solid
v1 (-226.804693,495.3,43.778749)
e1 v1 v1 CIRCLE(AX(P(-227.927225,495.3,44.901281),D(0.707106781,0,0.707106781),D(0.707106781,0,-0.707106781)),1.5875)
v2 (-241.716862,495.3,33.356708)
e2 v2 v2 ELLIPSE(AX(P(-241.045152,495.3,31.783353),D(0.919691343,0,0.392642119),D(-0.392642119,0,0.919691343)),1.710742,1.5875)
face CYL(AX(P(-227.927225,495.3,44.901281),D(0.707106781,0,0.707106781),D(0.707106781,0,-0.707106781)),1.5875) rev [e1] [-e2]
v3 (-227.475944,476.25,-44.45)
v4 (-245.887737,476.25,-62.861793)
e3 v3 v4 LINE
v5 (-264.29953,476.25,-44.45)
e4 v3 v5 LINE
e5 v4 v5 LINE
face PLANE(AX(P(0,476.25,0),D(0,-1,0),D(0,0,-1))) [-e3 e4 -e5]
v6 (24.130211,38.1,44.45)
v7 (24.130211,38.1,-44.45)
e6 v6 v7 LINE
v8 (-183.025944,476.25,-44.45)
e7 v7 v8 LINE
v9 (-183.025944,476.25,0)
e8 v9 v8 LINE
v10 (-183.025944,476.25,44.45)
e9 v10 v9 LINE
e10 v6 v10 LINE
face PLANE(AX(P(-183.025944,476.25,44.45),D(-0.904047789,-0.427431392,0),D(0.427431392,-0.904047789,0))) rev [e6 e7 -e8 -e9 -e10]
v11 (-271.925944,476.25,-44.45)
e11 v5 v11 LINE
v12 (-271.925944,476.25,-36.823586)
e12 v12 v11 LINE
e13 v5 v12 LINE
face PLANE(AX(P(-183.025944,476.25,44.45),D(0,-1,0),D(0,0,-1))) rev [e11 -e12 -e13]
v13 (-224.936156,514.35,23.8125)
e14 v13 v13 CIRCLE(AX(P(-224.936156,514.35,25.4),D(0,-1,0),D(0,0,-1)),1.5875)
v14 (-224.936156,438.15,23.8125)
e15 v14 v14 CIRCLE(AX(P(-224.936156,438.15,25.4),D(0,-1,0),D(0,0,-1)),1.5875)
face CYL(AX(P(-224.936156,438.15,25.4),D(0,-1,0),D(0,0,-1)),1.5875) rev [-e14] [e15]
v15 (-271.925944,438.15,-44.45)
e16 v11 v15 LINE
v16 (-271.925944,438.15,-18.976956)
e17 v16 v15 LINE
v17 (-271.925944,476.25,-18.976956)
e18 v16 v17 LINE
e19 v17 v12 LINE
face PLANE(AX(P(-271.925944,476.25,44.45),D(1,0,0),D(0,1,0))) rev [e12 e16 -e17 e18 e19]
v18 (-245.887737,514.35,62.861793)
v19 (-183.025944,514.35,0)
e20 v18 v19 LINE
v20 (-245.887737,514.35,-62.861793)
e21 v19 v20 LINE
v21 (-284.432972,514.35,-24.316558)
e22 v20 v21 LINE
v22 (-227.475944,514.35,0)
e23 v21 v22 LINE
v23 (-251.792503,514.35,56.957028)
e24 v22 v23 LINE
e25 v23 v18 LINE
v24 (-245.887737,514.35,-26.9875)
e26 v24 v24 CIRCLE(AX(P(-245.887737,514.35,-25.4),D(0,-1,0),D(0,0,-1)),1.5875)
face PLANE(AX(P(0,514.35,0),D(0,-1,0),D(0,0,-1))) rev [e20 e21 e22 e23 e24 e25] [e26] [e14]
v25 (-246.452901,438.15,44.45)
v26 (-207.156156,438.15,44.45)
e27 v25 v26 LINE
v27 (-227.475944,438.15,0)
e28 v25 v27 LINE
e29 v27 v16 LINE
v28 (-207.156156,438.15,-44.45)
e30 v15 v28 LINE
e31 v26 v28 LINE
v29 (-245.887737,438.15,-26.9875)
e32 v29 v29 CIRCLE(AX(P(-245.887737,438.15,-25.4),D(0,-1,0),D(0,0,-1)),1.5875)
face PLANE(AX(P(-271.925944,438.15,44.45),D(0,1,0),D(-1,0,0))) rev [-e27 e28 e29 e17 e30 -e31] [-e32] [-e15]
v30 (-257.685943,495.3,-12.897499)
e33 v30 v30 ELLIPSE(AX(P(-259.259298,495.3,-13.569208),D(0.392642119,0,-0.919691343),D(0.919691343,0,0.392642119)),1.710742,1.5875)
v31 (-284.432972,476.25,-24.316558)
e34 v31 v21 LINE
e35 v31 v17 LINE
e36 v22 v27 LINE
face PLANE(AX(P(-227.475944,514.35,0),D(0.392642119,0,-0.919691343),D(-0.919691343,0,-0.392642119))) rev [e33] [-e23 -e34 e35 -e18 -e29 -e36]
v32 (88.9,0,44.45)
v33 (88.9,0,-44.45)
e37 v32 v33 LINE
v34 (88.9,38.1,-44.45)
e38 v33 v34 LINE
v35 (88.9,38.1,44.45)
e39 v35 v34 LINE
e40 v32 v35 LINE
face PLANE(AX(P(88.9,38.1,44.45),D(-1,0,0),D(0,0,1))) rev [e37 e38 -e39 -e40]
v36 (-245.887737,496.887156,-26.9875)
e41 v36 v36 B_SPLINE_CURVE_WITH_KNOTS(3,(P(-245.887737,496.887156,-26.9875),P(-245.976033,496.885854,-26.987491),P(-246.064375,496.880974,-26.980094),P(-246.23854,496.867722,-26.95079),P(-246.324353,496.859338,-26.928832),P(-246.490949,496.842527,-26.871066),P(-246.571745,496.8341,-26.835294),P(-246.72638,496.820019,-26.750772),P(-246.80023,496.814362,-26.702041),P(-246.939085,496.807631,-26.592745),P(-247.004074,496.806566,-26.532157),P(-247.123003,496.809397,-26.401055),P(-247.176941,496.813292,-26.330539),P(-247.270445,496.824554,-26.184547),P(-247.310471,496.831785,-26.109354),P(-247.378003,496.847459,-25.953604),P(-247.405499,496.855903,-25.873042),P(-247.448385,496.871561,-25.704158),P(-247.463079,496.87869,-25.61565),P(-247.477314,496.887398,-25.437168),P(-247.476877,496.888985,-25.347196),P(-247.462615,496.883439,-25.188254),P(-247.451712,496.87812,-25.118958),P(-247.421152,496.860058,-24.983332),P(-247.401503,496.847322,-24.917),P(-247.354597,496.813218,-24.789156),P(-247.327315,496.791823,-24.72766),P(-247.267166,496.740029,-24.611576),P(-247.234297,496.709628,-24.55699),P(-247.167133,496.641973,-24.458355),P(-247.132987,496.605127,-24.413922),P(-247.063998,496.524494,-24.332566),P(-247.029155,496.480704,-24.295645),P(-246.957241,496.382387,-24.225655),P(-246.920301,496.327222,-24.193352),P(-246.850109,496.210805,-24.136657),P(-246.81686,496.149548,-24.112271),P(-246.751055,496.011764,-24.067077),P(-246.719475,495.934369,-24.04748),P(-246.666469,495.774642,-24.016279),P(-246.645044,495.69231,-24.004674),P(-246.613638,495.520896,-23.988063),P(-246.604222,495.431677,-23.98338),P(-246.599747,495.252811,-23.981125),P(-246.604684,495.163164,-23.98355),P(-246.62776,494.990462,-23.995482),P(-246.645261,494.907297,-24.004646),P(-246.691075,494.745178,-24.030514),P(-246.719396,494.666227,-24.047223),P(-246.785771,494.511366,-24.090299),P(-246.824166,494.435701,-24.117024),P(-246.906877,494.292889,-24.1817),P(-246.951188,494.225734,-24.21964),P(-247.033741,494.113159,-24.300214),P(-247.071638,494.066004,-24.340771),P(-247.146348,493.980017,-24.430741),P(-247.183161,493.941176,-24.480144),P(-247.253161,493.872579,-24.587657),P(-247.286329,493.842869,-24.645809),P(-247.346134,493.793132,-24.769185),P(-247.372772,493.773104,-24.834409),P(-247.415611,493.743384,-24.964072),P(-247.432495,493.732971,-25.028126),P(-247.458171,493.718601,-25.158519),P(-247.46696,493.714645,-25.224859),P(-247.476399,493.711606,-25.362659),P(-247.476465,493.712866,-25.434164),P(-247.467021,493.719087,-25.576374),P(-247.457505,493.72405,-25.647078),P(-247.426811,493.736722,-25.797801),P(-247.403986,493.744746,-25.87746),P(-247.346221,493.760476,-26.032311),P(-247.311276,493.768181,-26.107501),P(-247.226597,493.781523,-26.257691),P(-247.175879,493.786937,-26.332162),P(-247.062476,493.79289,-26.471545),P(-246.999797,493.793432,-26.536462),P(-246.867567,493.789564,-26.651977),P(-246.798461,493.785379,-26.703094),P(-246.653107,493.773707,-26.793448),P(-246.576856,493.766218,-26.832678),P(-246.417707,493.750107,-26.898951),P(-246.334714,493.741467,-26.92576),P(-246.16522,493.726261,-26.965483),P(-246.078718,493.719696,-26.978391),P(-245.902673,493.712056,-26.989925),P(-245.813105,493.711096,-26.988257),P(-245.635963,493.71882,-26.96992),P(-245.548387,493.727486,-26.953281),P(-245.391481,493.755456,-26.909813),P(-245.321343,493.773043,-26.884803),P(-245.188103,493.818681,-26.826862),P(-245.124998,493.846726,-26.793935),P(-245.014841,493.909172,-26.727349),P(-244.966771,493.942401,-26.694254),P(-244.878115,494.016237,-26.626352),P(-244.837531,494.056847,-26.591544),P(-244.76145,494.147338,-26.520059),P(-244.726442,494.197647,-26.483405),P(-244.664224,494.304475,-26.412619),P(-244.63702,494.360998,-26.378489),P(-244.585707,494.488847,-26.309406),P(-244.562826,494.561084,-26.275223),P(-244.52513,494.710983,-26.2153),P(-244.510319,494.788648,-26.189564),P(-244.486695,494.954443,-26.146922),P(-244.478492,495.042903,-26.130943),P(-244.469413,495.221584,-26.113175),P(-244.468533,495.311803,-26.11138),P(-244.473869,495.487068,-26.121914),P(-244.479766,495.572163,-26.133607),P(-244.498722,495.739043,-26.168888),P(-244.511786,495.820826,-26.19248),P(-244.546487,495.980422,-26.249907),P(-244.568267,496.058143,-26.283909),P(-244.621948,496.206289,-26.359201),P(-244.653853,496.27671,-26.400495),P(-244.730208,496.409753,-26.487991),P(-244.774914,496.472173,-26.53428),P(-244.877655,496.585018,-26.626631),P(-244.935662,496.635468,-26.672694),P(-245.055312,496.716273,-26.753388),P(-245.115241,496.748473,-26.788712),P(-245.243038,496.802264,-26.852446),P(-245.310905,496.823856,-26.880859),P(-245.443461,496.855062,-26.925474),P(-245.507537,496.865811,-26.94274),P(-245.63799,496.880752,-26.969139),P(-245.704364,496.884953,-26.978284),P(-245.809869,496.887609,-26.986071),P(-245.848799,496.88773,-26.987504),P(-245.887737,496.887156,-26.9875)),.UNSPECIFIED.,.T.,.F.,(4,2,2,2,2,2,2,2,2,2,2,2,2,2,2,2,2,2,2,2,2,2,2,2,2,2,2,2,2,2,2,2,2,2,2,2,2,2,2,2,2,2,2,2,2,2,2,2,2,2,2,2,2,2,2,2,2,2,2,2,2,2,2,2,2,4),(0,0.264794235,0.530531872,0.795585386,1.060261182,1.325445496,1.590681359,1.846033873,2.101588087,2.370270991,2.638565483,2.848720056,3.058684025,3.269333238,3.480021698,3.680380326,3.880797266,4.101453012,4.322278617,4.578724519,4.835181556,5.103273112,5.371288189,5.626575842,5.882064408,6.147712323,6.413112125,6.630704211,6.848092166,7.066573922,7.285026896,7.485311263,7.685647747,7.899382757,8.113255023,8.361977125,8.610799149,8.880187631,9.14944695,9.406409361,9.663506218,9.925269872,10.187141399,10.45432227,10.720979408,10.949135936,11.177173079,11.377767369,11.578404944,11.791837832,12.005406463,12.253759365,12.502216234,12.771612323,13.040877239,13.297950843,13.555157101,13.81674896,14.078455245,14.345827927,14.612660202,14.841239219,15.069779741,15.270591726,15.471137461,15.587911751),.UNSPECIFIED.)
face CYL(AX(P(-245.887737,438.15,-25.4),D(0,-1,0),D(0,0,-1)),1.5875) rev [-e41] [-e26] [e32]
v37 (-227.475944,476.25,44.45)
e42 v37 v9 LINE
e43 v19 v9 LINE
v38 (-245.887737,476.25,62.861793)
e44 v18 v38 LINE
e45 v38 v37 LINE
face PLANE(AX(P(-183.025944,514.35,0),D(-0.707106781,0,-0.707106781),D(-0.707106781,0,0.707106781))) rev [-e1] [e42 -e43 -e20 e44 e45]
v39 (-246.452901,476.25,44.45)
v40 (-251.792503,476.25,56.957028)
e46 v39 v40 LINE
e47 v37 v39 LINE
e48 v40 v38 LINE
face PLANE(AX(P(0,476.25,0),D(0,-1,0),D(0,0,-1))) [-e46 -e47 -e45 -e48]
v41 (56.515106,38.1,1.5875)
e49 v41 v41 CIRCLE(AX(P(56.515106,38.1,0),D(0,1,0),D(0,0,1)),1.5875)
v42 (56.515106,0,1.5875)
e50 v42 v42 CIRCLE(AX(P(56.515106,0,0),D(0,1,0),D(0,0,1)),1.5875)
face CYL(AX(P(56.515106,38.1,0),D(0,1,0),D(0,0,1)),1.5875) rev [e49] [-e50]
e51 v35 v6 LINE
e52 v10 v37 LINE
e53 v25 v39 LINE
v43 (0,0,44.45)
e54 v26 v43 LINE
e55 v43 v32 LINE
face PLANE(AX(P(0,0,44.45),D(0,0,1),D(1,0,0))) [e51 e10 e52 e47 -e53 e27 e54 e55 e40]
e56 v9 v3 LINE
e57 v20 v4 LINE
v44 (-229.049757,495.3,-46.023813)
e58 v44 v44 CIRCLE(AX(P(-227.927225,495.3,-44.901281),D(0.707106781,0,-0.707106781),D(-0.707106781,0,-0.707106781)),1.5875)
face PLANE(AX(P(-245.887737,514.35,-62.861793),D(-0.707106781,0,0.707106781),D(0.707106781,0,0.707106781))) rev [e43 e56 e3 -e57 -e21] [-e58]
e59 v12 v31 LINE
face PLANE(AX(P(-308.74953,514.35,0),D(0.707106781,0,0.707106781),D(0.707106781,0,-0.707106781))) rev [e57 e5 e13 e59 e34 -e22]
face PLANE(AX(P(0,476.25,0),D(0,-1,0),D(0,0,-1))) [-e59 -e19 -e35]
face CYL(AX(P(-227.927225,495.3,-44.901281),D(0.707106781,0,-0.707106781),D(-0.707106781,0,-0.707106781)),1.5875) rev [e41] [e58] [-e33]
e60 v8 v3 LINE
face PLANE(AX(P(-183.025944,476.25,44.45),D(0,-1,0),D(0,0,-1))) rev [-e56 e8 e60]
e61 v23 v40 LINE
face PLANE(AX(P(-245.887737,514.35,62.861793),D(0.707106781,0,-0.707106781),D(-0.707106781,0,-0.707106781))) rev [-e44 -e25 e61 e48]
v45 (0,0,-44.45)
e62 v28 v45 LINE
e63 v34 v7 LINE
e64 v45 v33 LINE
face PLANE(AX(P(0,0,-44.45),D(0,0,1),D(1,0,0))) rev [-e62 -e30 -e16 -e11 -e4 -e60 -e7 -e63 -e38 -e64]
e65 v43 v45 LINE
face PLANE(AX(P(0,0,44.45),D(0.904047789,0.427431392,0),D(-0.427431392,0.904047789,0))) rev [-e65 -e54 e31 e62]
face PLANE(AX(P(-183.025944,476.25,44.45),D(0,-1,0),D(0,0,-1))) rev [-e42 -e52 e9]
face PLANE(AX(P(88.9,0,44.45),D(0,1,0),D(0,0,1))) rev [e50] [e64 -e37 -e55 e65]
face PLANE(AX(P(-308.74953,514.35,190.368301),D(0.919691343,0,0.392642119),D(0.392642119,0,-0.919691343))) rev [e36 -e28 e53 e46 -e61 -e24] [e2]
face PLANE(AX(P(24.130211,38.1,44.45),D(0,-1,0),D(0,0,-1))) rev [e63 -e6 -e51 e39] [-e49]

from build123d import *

# Parameters (mm, degrees)
BOSS_EXTRUDE1_DEPTH          = 44.45
F_1_8_0_125_DIAMETER_HOLE1_D = 3.175
BOSS_EXTRUDE2_DEPTH          = 38.1
CUT_EXTRUDE1_DEPTH           = 540.678885891
CUT_EXTRUDE1_DEPTH_BACK      = 540.678885891
F_1_8_0_125_DIAMETER_HOLE2_D = 3.175
F_1_8_0_125_DIAMETER_HOLE3_D = 3.175
F_1_8_0_125_DIAMETER_HOLE4_D = 3.175


with BuildPart() as part:
    # Sketch1 → Boss-Extrude1 (new, symmetric)
    with BuildSketch(Plane.XY):
        Polygon((0, 0), (-207.156155531, 438.15), (-271.925944469, 438.15), (-271.925944469, 476.25), (-183.025944469, 476.25), (24.130211063, 38.1), (88.9, 38.1), (88.9, 0), align=None)
    extrude(amount=BOSS_EXTRUDE1_DEPTH, both=True)

    # 1/8 (0.125) Diameter Hole1 (through all)
    with Locations(Plane(origin=(56.515105531, 38.1, 0), x_dir=(0, 0, 1), z_dir=(0, 1, 0))):
        with Locations((0, 0)):
            Hole(F_1_8_0_125_DIAMETER_HOLE1_D / 2)

    # Sketch4 → Boss-Extrude2 (add)
    with BuildSketch(Plane(origin=(0, 476.25, 0), x_dir=(1, 0, 0), z_dir=(0, 1, 0))):
        Polygon((-245.887737316, 62.861792847), (-183.025944469, 0), (-245.887737316, -62.861792847), (-308.749530164, 0), align=None)
    extrude(amount=BOSS_EXTRUDE2_DEPTH)

    # Sketch6 → Cut-Extrude1 (cut, two sides: drawn at the far end of the back side and taken through both)
    with BuildSketch(Plane.XZ.offset(-438.15).offset(-CUT_EXTRUDE1_DEPTH_BACK)):
        Polygon((-308.749530164, 190.368300991), (-227.475944469, 0), (-308.749530164, -34.697981215), align=None)
    extrude(amount=CUT_EXTRUDE1_DEPTH + CUT_EXTRUDE1_DEPTH_BACK, mode=Mode.SUBTRACT)

    # 1/8 (0.125) Diameter Hole2 (through all)
    with Locations(Plane(origin=(-91.512972234, 0, -91.512972234), x_dir=(0.707106781186549, 0, -0.707106781186546), z_dir=(0.707106781186546, 0, 0.707106781186549))):
        with Locations((-192.918886467, 495.3)):
            Hole(F_1_8_0_125_DIAMETER_HOLE2_D / 2)

    # 1/8 (0.125) Diameter Hole3 (through all)
    with Locations(Plane(origin=(-91.512972234, 0, 91.512972234), x_dir=(-0.707106781186549, 0, -0.707106781186546), z_dir=(0.707106781186546, 0, -0.707106781186549))):
        with Locations((192.918886467, 495.3)):
            Hole(F_1_8_0_125_DIAMETER_HOLE3_D / 2)

    # 1/8 (0.125) Diameter Hole4 (through all)
    with Locations(Plane(origin=(0, 438.15, 0), x_dir=(-1, 0, 0), z_dir=(0, -1, 0))):
        with Locations((224.936155531, -25.4), (245.887737316, 25.4)):
            Hole(F_1_8_0_125_DIAMETER_HOLE4_D / 2)


solid = part.part
